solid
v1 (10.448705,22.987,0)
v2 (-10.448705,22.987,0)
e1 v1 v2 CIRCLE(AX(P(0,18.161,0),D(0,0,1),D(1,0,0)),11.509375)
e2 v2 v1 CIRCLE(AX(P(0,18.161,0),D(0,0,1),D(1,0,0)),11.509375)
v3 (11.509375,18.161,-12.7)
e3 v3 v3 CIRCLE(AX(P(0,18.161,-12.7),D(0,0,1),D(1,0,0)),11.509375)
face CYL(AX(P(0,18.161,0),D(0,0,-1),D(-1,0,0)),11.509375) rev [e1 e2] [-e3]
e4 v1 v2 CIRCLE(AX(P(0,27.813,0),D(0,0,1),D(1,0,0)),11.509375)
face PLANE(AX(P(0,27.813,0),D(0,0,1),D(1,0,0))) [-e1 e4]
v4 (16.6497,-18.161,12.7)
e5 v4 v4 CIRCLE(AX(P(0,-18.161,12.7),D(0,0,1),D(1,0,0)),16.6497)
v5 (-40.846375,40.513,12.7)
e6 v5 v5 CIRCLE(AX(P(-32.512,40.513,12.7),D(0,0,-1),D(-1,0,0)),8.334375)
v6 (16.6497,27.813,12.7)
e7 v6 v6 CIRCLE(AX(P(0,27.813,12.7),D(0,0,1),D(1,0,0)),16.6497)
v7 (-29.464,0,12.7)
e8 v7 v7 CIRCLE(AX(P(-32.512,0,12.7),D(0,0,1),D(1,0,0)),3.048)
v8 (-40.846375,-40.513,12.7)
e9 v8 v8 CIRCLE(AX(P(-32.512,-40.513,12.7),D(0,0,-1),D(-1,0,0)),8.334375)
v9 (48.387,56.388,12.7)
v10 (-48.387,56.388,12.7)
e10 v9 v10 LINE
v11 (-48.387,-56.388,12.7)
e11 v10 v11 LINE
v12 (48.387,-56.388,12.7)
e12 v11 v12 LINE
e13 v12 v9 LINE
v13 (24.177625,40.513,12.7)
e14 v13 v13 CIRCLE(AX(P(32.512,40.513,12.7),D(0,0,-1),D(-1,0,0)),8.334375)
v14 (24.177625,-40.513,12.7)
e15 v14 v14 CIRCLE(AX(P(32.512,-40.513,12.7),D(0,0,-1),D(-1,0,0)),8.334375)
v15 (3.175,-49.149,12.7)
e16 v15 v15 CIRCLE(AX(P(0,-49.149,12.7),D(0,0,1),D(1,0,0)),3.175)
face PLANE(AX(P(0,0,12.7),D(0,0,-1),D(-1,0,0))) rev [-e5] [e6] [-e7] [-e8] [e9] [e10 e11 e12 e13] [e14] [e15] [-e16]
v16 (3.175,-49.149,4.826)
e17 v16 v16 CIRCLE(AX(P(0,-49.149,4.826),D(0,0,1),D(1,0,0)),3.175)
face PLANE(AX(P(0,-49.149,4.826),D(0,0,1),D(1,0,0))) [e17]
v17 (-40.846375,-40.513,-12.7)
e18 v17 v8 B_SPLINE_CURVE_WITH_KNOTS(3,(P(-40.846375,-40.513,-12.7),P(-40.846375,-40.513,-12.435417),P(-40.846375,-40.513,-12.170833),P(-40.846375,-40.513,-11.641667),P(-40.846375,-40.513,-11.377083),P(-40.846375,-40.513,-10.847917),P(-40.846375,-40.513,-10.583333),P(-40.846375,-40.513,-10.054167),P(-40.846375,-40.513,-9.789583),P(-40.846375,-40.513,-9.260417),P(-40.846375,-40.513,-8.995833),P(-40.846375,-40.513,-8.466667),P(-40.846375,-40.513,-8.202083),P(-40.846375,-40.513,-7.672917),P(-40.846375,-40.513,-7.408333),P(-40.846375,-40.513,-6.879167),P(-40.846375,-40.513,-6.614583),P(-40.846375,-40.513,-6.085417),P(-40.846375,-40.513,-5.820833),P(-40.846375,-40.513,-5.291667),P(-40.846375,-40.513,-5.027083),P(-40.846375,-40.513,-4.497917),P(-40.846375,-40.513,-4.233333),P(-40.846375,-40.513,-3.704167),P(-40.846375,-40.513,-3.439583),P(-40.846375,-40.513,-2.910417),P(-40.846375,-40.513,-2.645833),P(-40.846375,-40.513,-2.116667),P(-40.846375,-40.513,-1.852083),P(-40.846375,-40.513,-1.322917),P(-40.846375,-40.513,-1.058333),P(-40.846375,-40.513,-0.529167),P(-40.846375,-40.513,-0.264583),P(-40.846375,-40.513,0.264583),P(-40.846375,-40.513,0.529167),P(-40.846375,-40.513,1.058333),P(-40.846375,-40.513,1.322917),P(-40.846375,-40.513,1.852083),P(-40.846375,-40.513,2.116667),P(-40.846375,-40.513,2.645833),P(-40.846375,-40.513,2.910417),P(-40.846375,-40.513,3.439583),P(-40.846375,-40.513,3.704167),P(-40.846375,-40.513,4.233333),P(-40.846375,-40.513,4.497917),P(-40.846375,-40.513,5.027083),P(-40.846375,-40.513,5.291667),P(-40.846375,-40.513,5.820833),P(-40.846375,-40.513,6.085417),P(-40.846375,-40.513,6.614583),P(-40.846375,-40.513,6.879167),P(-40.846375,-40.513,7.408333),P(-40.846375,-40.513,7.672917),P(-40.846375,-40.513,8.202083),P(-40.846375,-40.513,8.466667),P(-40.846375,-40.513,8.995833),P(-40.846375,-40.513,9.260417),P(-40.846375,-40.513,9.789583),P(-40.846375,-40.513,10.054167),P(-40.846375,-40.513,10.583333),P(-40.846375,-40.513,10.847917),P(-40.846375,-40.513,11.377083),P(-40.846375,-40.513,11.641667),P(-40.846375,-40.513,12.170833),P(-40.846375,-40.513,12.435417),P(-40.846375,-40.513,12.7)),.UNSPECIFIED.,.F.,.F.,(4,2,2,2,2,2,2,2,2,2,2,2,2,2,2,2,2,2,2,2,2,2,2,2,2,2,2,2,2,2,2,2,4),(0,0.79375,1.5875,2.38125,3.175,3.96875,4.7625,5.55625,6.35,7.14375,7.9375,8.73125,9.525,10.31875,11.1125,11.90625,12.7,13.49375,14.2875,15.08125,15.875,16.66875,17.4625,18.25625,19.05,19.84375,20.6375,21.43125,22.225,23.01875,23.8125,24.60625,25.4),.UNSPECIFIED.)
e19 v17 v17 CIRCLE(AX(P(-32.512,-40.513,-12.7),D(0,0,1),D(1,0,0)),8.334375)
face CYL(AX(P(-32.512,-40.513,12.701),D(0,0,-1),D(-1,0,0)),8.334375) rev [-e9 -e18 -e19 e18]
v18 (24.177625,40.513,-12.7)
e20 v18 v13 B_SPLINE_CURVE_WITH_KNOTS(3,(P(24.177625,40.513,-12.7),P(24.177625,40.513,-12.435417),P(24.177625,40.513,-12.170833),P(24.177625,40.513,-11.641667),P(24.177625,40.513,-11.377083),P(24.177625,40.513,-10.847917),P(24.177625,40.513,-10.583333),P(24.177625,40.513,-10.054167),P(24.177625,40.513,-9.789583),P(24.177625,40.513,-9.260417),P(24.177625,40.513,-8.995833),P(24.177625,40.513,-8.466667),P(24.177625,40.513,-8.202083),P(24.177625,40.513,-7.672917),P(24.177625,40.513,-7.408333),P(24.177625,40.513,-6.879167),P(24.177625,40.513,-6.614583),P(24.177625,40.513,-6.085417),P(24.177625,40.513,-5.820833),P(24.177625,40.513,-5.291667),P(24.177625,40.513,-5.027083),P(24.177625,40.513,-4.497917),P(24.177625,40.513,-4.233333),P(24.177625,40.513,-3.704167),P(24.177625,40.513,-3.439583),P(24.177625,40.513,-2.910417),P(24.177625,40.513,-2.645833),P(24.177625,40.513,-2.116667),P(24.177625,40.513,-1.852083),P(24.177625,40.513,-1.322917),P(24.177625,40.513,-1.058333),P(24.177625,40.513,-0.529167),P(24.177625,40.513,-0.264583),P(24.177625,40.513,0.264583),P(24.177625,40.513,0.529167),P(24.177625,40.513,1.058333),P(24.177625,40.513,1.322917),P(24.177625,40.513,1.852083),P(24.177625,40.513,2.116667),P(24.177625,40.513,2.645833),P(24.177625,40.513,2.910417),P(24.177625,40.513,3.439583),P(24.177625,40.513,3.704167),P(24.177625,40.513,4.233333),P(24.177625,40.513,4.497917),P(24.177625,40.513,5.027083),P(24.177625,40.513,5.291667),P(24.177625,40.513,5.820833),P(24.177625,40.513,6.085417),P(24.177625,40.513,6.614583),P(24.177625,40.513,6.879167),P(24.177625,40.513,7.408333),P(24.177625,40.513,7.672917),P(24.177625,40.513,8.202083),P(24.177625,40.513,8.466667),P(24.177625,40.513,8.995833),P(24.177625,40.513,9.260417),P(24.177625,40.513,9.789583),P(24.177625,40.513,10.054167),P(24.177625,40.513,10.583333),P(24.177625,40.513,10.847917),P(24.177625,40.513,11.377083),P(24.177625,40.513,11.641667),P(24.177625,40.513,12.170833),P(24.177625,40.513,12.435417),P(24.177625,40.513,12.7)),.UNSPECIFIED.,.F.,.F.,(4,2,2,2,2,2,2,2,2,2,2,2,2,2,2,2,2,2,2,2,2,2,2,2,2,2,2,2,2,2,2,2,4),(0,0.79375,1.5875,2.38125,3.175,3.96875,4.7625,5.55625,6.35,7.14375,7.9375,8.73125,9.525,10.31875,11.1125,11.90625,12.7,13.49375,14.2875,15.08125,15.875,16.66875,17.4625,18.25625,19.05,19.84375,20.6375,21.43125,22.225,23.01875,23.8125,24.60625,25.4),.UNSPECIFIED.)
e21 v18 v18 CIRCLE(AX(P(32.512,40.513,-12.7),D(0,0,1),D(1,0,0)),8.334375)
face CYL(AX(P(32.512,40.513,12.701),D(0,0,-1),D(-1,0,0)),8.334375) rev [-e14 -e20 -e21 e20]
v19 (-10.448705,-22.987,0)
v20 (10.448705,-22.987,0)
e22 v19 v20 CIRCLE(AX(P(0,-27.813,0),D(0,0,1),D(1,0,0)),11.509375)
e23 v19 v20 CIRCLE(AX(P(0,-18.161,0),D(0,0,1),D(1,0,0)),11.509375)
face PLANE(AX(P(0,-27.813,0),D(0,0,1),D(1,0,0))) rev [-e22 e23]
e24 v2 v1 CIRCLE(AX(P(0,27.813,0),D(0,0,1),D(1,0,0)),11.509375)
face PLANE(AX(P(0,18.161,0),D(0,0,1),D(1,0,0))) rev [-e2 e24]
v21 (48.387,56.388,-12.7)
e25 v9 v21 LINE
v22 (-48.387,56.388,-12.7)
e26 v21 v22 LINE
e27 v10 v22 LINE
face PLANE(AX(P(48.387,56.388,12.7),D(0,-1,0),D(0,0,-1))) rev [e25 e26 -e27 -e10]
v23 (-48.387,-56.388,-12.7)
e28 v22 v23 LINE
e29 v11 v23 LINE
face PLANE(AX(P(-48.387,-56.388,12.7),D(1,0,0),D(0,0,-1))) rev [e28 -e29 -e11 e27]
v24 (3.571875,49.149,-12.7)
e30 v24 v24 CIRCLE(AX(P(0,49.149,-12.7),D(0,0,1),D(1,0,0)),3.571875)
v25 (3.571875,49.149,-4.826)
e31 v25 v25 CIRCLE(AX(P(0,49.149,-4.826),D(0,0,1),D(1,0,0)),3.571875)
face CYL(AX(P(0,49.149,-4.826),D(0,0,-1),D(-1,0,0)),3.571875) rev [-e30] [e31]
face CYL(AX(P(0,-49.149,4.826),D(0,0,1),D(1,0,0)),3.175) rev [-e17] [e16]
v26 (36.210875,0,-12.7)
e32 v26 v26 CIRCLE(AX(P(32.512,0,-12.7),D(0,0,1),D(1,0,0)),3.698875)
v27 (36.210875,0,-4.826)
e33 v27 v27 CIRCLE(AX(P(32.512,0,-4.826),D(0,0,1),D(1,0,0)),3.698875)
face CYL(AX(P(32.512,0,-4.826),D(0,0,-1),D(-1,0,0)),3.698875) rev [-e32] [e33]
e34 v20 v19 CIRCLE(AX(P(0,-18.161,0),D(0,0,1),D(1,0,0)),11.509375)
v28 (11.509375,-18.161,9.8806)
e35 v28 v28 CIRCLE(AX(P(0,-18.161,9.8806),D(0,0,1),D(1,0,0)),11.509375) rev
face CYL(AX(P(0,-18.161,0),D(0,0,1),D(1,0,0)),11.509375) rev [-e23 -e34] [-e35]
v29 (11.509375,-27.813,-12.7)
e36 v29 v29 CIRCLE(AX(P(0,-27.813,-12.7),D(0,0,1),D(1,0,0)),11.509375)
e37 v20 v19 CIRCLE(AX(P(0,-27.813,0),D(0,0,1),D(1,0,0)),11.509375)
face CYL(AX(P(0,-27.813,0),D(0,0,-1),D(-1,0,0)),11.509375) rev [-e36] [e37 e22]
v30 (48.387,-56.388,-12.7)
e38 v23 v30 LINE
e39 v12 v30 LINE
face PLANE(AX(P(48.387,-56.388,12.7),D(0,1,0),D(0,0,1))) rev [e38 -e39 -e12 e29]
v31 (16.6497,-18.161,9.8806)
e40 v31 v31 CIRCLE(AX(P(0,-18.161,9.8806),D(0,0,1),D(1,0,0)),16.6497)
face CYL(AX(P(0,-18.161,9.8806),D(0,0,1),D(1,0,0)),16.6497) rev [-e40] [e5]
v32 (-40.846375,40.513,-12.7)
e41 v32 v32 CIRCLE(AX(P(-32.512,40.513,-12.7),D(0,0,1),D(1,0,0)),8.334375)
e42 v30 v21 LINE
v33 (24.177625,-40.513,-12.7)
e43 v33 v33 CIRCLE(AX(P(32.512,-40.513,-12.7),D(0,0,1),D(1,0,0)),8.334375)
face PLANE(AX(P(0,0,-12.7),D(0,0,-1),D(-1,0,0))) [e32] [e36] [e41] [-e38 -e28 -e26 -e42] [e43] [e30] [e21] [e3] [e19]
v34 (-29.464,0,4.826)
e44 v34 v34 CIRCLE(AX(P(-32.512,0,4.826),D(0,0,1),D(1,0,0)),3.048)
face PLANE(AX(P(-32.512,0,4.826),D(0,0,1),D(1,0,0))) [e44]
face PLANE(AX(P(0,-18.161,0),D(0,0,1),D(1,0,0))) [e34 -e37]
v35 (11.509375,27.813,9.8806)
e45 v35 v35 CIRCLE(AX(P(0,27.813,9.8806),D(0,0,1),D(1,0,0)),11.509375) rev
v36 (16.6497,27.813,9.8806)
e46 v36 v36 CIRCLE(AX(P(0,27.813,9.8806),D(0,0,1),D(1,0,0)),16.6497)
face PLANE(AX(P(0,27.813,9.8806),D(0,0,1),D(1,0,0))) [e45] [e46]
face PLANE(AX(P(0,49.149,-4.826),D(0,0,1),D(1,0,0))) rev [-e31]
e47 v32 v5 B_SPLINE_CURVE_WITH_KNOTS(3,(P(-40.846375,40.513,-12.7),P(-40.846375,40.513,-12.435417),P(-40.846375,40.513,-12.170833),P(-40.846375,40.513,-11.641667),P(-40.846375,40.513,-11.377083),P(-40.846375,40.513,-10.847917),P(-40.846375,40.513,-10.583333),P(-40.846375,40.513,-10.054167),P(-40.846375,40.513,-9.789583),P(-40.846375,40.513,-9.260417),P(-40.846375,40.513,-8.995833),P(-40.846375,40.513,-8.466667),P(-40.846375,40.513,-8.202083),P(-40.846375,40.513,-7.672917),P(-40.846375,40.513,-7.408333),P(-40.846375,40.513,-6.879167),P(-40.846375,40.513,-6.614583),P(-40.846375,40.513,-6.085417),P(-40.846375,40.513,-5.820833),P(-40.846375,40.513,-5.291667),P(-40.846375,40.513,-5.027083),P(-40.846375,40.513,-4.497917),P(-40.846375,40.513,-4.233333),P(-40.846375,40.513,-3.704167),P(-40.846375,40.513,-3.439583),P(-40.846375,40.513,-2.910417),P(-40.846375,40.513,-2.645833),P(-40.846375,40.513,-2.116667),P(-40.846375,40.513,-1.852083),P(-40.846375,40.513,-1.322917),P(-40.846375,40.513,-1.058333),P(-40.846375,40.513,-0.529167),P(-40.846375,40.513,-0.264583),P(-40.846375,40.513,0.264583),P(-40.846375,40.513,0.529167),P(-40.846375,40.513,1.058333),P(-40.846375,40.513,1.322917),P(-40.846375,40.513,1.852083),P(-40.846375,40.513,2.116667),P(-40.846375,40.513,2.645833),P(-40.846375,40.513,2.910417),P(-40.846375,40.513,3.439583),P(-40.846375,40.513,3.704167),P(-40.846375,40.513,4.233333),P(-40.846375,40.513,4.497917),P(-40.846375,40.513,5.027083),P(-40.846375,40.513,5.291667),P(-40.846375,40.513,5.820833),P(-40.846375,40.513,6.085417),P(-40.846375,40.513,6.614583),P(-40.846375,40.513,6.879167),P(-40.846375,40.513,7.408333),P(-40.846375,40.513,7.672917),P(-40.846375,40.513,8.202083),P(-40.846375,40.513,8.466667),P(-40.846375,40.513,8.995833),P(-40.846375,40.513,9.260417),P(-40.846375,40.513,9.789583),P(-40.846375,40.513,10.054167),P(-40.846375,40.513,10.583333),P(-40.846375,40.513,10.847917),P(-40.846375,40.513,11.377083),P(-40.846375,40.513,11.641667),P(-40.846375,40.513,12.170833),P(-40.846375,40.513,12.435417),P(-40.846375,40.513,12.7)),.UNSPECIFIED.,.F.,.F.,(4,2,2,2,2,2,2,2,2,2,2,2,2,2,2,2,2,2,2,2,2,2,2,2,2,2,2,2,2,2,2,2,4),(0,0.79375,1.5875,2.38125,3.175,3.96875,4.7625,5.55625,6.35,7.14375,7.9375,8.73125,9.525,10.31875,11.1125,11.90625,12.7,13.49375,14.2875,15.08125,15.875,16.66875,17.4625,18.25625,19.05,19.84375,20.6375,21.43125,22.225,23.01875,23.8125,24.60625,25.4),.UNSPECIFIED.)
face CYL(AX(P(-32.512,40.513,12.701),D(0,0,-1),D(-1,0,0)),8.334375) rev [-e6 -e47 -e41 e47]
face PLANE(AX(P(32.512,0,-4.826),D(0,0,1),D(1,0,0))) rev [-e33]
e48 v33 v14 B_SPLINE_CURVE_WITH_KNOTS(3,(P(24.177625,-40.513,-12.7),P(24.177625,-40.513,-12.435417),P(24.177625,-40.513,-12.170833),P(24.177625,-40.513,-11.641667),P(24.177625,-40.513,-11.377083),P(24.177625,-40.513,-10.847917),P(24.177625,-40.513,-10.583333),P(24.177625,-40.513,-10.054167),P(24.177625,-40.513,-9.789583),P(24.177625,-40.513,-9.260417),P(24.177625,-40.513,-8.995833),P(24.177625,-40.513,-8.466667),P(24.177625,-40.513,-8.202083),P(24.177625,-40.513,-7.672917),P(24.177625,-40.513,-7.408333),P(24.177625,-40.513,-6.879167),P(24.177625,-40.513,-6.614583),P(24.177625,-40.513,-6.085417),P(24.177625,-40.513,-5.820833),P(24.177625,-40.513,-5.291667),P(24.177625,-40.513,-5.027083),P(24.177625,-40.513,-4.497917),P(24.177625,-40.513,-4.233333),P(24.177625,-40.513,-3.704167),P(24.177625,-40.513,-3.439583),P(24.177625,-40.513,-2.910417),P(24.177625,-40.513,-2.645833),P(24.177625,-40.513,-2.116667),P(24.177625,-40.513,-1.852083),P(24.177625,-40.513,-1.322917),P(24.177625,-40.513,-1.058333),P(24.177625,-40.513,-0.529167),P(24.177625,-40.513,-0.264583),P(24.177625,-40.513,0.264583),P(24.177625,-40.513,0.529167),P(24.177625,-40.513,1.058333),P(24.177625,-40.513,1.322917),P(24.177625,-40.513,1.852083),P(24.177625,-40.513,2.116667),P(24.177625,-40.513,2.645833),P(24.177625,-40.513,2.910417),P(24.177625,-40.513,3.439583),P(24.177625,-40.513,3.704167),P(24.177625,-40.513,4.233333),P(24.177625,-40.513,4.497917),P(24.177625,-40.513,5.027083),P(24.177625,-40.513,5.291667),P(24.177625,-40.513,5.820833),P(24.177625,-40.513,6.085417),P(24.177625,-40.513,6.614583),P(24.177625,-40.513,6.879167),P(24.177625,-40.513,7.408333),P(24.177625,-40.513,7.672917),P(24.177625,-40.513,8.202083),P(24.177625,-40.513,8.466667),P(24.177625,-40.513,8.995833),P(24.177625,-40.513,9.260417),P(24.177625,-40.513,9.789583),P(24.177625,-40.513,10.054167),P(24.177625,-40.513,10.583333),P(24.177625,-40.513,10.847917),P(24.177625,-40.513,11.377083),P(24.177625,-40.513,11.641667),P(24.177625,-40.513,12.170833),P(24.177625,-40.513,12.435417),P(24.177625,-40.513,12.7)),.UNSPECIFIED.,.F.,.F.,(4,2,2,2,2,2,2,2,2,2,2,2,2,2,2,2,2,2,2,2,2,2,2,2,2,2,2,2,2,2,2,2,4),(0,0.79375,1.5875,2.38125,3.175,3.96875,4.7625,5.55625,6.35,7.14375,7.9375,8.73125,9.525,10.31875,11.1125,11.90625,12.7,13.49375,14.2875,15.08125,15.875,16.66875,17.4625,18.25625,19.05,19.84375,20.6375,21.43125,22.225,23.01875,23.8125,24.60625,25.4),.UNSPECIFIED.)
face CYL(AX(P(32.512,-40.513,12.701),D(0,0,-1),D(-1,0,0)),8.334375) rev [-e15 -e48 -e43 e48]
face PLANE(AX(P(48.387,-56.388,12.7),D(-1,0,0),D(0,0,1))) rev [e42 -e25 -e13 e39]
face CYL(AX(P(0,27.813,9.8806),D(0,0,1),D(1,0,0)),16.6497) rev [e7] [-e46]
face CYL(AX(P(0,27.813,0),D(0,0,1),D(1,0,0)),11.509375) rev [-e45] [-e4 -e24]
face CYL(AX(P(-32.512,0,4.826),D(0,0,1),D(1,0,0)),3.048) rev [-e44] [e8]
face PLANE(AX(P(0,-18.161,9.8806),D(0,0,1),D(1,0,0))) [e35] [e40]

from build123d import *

# Parameters (mm, degrees)
SKETCH1_W           = 112.776
SKETCH1_H           = 96.774
BOSS_EXTRUDE1_DEPTH = 12.7
CUT_EXTRUDE2_START  = -12.7
SKETCH2_R           = 8.334375
CUT_EXTRUDE2_DEPTH  = 25.4
CUT_EXTRUDE4_START  = -12.7
SKETCH3_R           = 8.334375
CUT_EXTRUDE4_DEPTH  = 25.4
CUT_EXTRUDE6_START  = -12.7
SKETCH4_R           = 11.509375
CUT_EXTRUDE6_DEPTH  = 12.7
CUT_EXTRUDE8_START  = -12.7
SKETCH5_R           = 11.509375
CUT_EXTRUDE8_DEPTH  = 12.7
CUT_EXTRUDE10_START = 12.7
SKETCH6_R           = 11.509375
CUT_EXTRUDE10_DEPTH = 12.7
CUT_EXTRUDE12_START = 12.7
SKETCH7_R           = 11.509375
CUT_EXTRUDE12_DEPTH = 12.7
CUT_EXTRUDE14_START = 12.7
SKETCH8_R           = 16.6497
CUT_EXTRUDE14_DEPTH = 2.8194
CUT_EXTRUDE16_START = 12.7
SKETCH9_R           = 16.6497
CUT_EXTRUDE16_DEPTH = 2.8194
CUT_EXTRUDE18_START = -12.7
SKETCH10_R          = 3.571875
CUT_EXTRUDE18_DEPTH = 7.874
CUT_EXTRUDE20_START = -12.7
SKETCH11_R          = 3.698875
CUT_EXTRUDE20_DEPTH = 7.874
CUT_EXTRUDE22_START = 12.7
SKETCH12_R          = 3.175
CUT_EXTRUDE22_DEPTH = 7.874
CUT_EXTRUDE24_START = 12.7
SKETCH13_R          = 3.048
CUT_EXTRUDE24_DEPTH = 7.874


with BuildPart() as part:
    # Sketch1 → Boss-Extrude1 (new, symmetric)
    with BuildSketch(Plane(origin=(0, 0, 0), x_dir=(0, 1, 0), z_dir=(0, 0, 1))):
        Rectangle(SKETCH1_W, SKETCH1_H)
    extrude(amount=BOSS_EXTRUDE1_DEPTH, both=True)

    # Sketch2 → Cut-Extrude2 (cut)
    with BuildSketch(Plane(origin=(0, 0, 0), x_dir=(0, 1, 0), z_dir=(0, 0, 1)).offset(CUT_EXTRUDE2_START)):
        with Locations(Location((-40.513, -32.512, 0), (0, 0, 90))):
            Circle(SKETCH2_R)
    extrude(amount=CUT_EXTRUDE2_DEPTH, mode=Mode.SUBTRACT)

    # Sketch3 → Cut-Extrude4 (cut)
    with BuildSketch(Plane(origin=(0, 0, 0), x_dir=(0, 1, 0), z_dir=(0, 0, 1)).offset(CUT_EXTRUDE4_START)):
        with Locations(Location((40.513, -32.512, 0), (0, 0, 90))):
            Circle(SKETCH3_R)
        with Locations(Location((-40.513, 32.512, 0), (0, 0, 90))):
            Circle(SKETCH3_R)
        with Locations(Location((40.513, 32.512, 0), (0, 0, 90))):
            Circle(SKETCH3_R)
    extrude(amount=CUT_EXTRUDE4_DEPTH, mode=Mode.SUBTRACT)

    # Sketch4 → Cut-Extrude6 (cut)
    with BuildSketch(Plane(origin=(0, 0, 0), x_dir=(0, 1, 0), z_dir=(0, 0, 1)).offset(CUT_EXTRUDE6_START)):
        with Locations(Location((-27.813, 0, 0), (0, 0, 270))):
            Circle(SKETCH4_R)
    extrude(amount=CUT_EXTRUDE6_DEPTH, mode=Mode.SUBTRACT)

    # Sketch5 → Cut-Extrude8 (cut)
    with BuildSketch(Plane(origin=(0, 0, 0), x_dir=(0, 1, 0), z_dir=(0, 0, 1)).offset(CUT_EXTRUDE8_START)):
        with Locations(Location((18.161, 0, 0), (0, 0, 270))):
            Circle(SKETCH5_R)
    extrude(amount=CUT_EXTRUDE8_DEPTH, mode=Mode.SUBTRACT)

    # Sketch6 → Cut-Extrude10 (cut)
    with BuildSketch(Plane(origin=(0, 0, 0), x_dir=(0, 1, 0), z_dir=(0, 0, 1)).offset(CUT_EXTRUDE10_START)):
        with Locations(Location((-18.161, 0, 0), (0, 0, 270))):
            Circle(SKETCH6_R)
    extrude(amount=-CUT_EXTRUDE10_DEPTH, mode=Mode.SUBTRACT)

    # Sketch7 → Cut-Extrude12 (cut)
    with BuildSketch(Plane(origin=(0, 0, 0), x_dir=(0, 1, 0), z_dir=(0, 0, 1)).offset(CUT_EXTRUDE12_START)):
        with Locations(Location((27.813, 0, 0), (0, 0, 270))):
            Circle(SKETCH7_R)
    extrude(amount=-CUT_EXTRUDE12_DEPTH, mode=Mode.SUBTRACT)

    # Sketch8 → Cut-Extrude14 (cut)
    with BuildSketch(Plane(origin=(0, 0, 0), x_dir=(0, 1, 0), z_dir=(0, 0, 1)).offset(CUT_EXTRUDE14_START)):
        with Locations(Location((-18.161, 0, 0), (0, 0, 270))):
            Circle(SKETCH8_R)
    extrude(amount=-CUT_EXTRUDE14_DEPTH, mode=Mode.SUBTRACT)

    # Sketch9 → Cut-Extrude16 (cut)
    with BuildSketch(Plane(origin=(0, 0, 0), x_dir=(0, 1, 0), z_dir=(0, 0, 1)).offset(CUT_EXTRUDE16_START)):
        with Locations(Location((27.813, 0, 0), (0, 0, 270))):
            Circle(SKETCH9_R)
    extrude(amount=-CUT_EXTRUDE16_DEPTH, mode=Mode.SUBTRACT)

    # Sketch10 → Cut-Extrude18 (cut)
    with BuildSketch(Plane(origin=(0, 0, 0), x_dir=(0, 1, 0), z_dir=(0, 0, 1)).offset(CUT_EXTRUDE18_START)):
        with Locations(Location((49.149, 0, 0), (0, 0, 270))):
            Circle(SKETCH10_R)
    extrude(amount=CUT_EXTRUDE18_DEPTH, mode=Mode.SUBTRACT)

    # Sketch11 → Cut-Extrude20 (cut)
    with BuildSketch(Plane(origin=(0, 0, 0), x_dir=(0, 1, 0), z_dir=(0, 0, 1)).offset(CUT_EXTRUDE20_START)):
        with Locations(Location((0, -32.512, 0), (0, 0, 270))):
            Circle(SKETCH11_R)
    extrude(amount=CUT_EXTRUDE20_DEPTH, mode=Mode.SUBTRACT)

    # Sketch12 → Cut-Extrude22 (cut)
    with BuildSketch(Plane(origin=(0, 0, 0), x_dir=(0, 1, 0), z_dir=(0, 0, 1)).offset(CUT_EXTRUDE22_START)):
        with Locations(Location((-49.149, 0, 0), (0, 0, 270))):
            Circle(SKETCH12_R)
    extrude(amount=-CUT_EXTRUDE22_DEPTH, mode=Mode.SUBTRACT)

    # Sketch13 → Cut-Extrude24 (cut)
    with BuildSketch(Plane(origin=(0, 0, 0), x_dir=(0, 1, 0), z_dir=(0, 0, 1)).offset(CUT_EXTRUDE24_START)):
        with Locations(Location((0, 32.512, 0), (0, 0, 270))):
            Circle(SKETCH13_R)
    extrude(amount=-CUT_EXTRUDE24_DEPTH, mode=Mode.SUBTRACT)


solid = part.part
